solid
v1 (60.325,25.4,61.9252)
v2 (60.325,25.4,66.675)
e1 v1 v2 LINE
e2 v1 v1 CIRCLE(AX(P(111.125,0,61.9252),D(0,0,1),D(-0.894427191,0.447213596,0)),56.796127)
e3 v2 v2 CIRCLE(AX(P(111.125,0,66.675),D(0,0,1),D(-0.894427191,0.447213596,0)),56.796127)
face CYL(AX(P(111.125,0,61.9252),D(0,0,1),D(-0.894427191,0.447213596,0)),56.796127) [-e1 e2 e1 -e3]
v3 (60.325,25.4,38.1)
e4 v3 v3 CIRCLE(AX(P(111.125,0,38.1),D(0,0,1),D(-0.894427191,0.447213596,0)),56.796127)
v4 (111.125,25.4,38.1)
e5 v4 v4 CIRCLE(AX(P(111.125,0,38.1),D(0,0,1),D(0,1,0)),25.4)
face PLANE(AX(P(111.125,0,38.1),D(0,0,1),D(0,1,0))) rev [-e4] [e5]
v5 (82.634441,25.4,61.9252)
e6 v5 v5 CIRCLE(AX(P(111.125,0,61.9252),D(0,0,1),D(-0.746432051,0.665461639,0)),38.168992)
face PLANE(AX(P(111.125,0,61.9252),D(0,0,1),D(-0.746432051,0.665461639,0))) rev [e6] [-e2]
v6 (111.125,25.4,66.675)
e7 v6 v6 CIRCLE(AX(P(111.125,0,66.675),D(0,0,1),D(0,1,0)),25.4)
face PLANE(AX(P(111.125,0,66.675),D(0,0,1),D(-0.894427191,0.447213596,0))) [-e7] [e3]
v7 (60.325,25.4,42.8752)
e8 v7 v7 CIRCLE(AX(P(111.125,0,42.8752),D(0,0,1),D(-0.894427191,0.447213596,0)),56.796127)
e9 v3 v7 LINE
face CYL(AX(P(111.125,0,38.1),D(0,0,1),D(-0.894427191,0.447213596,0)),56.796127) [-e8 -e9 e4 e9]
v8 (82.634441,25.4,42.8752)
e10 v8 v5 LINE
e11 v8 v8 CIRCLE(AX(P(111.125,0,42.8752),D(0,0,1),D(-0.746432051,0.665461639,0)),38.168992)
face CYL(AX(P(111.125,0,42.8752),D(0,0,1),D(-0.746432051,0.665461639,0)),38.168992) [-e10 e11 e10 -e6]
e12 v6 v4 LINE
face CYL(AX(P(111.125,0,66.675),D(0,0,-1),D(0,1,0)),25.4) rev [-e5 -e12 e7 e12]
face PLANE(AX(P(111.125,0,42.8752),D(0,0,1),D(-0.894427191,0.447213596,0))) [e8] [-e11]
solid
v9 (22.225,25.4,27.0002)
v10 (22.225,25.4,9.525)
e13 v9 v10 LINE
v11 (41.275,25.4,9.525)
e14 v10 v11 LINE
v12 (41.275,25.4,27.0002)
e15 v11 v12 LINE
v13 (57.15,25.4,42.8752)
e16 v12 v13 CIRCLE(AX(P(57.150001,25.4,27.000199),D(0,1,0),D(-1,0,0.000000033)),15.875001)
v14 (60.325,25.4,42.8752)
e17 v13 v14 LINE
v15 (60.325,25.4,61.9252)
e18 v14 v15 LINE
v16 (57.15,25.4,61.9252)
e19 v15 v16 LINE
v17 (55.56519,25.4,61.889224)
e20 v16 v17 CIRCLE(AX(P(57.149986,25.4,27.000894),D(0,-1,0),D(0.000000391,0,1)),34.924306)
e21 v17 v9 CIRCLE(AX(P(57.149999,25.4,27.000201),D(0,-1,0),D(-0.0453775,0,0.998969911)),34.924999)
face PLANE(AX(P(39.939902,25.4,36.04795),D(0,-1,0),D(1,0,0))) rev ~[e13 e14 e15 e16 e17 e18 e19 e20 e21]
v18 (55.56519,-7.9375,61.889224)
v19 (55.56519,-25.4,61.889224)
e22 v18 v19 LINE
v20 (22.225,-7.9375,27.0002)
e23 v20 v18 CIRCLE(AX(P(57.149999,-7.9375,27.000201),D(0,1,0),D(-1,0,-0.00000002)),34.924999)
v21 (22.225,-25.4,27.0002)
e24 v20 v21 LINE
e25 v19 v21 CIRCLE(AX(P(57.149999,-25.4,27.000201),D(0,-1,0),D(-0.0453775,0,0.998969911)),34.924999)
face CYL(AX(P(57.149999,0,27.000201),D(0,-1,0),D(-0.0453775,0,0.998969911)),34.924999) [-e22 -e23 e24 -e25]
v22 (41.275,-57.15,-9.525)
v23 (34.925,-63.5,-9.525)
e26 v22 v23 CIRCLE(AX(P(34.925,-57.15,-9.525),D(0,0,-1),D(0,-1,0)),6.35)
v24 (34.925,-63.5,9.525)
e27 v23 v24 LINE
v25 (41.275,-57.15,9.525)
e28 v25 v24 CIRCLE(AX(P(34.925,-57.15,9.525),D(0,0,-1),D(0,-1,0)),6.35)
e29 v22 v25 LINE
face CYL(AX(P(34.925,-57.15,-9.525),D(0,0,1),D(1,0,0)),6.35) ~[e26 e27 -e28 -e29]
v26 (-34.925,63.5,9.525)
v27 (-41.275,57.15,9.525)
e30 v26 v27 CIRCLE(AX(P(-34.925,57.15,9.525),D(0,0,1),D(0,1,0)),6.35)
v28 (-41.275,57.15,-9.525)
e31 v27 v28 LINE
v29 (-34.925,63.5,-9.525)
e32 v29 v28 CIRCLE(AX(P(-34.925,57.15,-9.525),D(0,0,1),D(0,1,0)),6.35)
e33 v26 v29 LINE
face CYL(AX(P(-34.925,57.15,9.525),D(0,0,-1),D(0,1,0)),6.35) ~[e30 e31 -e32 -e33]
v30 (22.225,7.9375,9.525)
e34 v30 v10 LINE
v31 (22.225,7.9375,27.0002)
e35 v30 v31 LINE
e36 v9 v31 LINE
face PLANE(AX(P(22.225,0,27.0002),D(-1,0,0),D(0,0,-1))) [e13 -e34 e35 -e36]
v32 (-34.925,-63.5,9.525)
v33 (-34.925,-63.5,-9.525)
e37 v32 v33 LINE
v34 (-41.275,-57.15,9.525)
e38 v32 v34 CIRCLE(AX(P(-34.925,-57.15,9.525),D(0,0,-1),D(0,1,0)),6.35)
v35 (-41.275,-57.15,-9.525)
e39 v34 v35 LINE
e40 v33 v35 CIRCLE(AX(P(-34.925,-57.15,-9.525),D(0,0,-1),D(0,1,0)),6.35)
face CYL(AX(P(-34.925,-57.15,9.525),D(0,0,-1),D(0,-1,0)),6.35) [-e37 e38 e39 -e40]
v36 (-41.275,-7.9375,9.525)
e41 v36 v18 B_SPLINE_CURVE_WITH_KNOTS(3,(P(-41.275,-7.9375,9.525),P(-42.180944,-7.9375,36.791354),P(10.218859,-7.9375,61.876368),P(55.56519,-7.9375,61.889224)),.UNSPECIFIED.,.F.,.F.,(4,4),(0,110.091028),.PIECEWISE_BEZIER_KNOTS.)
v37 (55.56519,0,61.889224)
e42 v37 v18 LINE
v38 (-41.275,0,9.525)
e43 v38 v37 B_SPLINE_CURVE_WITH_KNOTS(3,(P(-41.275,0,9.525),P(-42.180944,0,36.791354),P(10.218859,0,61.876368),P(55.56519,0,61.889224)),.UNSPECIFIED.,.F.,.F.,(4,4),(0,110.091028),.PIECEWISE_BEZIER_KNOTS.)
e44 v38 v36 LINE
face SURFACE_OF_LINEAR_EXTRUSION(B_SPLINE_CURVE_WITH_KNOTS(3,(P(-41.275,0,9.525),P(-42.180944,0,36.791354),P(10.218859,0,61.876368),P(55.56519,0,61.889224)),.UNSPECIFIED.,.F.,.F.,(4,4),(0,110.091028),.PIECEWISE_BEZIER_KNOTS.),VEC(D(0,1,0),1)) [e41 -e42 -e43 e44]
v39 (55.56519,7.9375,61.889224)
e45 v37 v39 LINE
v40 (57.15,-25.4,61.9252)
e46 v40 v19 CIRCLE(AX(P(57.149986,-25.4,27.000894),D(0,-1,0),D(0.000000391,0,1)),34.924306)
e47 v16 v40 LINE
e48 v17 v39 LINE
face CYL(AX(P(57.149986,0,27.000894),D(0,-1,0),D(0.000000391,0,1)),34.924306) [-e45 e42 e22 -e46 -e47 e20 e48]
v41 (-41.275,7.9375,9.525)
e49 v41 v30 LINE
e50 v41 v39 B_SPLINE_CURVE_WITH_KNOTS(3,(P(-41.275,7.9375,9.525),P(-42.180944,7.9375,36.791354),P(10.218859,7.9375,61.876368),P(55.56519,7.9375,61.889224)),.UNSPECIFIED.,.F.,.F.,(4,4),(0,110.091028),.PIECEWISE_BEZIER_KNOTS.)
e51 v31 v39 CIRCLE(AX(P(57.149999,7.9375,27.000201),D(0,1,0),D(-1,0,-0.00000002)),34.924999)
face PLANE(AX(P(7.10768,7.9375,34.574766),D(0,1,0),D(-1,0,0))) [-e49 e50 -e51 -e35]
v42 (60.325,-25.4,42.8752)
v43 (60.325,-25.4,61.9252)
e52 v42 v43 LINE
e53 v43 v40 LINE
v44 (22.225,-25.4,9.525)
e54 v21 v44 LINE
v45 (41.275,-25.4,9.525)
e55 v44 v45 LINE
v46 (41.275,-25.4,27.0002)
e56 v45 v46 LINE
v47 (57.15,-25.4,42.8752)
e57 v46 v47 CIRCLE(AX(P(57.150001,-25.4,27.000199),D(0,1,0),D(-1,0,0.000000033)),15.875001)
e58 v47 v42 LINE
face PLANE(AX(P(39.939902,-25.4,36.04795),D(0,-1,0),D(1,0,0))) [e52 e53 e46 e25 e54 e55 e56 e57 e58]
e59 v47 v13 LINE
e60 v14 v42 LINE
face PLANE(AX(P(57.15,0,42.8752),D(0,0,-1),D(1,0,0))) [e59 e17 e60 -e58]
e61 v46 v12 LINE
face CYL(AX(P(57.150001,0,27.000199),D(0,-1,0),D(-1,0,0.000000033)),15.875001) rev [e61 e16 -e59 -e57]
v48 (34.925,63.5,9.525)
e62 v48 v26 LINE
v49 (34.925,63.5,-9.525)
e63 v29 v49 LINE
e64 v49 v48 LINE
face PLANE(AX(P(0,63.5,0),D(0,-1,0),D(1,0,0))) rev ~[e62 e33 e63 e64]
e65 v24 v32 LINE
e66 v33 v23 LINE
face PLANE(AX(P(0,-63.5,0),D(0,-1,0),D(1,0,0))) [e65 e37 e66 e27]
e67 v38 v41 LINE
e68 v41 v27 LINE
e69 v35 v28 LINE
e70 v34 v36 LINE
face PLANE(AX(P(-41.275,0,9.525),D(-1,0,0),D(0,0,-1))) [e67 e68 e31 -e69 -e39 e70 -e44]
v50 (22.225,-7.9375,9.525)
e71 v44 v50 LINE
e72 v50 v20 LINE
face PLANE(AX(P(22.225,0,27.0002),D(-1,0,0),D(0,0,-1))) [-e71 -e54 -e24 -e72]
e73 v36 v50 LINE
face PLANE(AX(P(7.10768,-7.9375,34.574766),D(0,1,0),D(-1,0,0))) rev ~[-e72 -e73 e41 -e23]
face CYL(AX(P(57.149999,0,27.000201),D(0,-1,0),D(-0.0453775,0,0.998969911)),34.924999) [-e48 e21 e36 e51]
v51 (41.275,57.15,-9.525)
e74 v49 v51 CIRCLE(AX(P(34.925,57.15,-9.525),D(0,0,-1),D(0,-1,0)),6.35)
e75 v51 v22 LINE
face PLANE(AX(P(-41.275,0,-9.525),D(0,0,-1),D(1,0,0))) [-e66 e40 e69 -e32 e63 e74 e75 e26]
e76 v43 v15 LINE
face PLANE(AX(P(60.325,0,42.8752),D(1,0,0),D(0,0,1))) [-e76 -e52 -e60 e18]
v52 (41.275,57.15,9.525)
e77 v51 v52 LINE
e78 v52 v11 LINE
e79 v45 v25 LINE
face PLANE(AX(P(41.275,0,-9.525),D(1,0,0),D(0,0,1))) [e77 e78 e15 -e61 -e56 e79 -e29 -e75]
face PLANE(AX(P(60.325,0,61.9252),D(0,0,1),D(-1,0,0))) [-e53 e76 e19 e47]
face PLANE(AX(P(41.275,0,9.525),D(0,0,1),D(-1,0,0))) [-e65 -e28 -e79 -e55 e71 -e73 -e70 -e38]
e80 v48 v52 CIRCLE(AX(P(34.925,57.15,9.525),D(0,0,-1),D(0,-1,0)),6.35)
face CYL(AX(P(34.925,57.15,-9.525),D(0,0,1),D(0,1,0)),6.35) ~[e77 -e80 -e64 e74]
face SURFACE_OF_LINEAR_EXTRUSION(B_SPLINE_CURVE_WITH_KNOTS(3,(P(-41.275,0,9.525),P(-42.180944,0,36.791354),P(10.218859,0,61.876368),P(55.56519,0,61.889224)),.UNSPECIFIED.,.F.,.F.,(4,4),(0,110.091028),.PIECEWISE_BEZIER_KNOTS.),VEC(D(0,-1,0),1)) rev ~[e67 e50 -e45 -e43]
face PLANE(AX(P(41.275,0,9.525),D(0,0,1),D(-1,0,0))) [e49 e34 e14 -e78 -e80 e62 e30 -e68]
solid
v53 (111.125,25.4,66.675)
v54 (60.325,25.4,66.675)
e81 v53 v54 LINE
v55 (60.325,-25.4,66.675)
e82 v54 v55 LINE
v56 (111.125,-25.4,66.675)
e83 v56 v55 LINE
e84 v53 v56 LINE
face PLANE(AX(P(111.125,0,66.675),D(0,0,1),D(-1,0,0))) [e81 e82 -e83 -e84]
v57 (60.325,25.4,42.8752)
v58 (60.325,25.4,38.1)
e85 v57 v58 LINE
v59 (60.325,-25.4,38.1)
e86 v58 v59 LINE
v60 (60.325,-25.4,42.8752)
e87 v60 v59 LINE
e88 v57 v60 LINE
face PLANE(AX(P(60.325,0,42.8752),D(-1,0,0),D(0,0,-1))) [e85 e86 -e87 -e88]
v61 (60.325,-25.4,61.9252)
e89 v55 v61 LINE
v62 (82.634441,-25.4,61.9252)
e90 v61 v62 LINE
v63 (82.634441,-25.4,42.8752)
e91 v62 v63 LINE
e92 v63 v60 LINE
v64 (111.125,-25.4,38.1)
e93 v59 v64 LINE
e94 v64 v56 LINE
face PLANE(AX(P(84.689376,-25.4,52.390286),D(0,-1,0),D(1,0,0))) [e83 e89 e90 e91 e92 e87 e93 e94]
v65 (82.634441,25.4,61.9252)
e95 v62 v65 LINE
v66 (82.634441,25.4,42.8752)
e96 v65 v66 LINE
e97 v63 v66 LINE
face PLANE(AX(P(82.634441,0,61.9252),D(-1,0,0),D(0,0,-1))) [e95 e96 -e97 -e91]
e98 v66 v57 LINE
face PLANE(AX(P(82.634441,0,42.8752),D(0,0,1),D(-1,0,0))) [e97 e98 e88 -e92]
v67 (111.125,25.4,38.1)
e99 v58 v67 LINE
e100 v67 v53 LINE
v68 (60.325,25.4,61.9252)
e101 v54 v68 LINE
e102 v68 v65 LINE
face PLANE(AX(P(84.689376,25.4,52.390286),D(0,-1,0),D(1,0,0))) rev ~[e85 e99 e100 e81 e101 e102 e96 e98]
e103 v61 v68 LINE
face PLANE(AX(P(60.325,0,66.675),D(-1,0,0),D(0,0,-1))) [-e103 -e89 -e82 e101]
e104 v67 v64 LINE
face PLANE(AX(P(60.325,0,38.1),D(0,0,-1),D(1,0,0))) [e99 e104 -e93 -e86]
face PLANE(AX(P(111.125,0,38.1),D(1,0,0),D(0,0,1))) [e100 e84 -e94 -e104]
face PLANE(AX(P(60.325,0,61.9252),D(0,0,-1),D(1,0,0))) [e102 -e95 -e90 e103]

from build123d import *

# Parameters (mm, degrees)
F1_DEPTH = 63.5
F2_DEPTH = 25.4
F3_DEPTH = 7.9375
F5_R     = 6.35


with BuildPart() as f1:
    # F0 (on Front) → F1 (new body, symmetric)
    with BuildSketch(Plane.XZ):
        Polygon((-41.275, -9.525), (41.275, -9.525), (41.275, 9.525), (22.225, 9.525), (-41.275, 9.525), align=None)
    extrude(amount=F1_DEPTH, both=True)

    # F0 (on Front) → F2 (join, symmetric)
    with BuildSketch(Plane.XZ):
        with BuildLine():
            Line((22.225, 9.525), (41.275, 9.525))
            Line((41.275, 9.525), (41.275, 27.0002))
            ThreePointArc((41.275, 27.0002), (45.92468, 38.22552), (57.15, 42.8752))
            Line((57.15, 42.8752), (60.325, 42.8752))
            Line((60.325, 42.8752), (60.325, 61.9252))
            Line((60.325, 61.9252), (57.15, 61.9252))
            ThreePointArc((57.15, 61.9252), (56.357391, 61.916205), (55.56519, 61.889224))
            ThreePointArc((55.56519, 61.889224), (31.900197, 51.129085), (22.225, 27.0002))
            Line((22.225, 27.0002), (22.225, 9.525))
        make_face()
        Polygon((82.634441, 42.8752), (60.325, 42.8752), (60.325, 38.1), (111.125, 38.1), (111.125, 66.675), (60.325, 66.675), (60.325, 61.9252), (82.634441, 61.9252), align=None)
    extrude(amount=F2_DEPTH, both=True)

    # F0 (on Front) → F3 (join, symmetric)
    with BuildSketch(Plane.XZ):
        with BuildLine():
            add(Edge.make_bspline(
                [(-41.275, 9.525), (-42.180944, 36.791354), (10.218859, 61.876368), (55.56519, 61.889224)],
                knots=[0, 0, 0, 0, 110.091028, 110.091028, 110.091028, 110.091028], degree=3))
            Line((-41.275, 9.525), (22.225, 9.525))
            Line((22.225, 9.525), (22.225, 27.0002))
            ThreePointArc((22.225, 27.0002), (31.900197, 51.129085), (55.56519, 61.889224))
        make_face()
    extrude(amount=F3_DEPTH, both=True)

    # F5
    f5_edges = [f1.edges().sort_by_distance(p)[0] for p in [
        (-41.275, -63.5, 0),
        (41.275, -63.5, 0),
        (41.275, 63.5, 0),
        (-41.275, 63.5, 0),
    ]]
    fillet(f5_edges, radius=F5_R)


with BuildPart() as f4:
    # F2_face (on face) → F4 (revolve)
    with BuildSketch(Plane(origin=(91.622215, 25.4, 52.382242), x_dir=(1, 0, 0), z_dir=(0, 1, 0))):
        Polygon((-31.297215, 9.507042), (-8.987774, 9.507042), (-8.987774, -9.542958), (-31.297215, -9.542958), (-31.297215, -14.292758), (19.502785, -14.292758), (19.502785, 14.282242), (-31.297215, 14.282242), align=None)
    revolve(axis=Axis((111.125, 0, 52.3875), (0, 0, 1)))


solid = Compound([f1.part, f4.part])
